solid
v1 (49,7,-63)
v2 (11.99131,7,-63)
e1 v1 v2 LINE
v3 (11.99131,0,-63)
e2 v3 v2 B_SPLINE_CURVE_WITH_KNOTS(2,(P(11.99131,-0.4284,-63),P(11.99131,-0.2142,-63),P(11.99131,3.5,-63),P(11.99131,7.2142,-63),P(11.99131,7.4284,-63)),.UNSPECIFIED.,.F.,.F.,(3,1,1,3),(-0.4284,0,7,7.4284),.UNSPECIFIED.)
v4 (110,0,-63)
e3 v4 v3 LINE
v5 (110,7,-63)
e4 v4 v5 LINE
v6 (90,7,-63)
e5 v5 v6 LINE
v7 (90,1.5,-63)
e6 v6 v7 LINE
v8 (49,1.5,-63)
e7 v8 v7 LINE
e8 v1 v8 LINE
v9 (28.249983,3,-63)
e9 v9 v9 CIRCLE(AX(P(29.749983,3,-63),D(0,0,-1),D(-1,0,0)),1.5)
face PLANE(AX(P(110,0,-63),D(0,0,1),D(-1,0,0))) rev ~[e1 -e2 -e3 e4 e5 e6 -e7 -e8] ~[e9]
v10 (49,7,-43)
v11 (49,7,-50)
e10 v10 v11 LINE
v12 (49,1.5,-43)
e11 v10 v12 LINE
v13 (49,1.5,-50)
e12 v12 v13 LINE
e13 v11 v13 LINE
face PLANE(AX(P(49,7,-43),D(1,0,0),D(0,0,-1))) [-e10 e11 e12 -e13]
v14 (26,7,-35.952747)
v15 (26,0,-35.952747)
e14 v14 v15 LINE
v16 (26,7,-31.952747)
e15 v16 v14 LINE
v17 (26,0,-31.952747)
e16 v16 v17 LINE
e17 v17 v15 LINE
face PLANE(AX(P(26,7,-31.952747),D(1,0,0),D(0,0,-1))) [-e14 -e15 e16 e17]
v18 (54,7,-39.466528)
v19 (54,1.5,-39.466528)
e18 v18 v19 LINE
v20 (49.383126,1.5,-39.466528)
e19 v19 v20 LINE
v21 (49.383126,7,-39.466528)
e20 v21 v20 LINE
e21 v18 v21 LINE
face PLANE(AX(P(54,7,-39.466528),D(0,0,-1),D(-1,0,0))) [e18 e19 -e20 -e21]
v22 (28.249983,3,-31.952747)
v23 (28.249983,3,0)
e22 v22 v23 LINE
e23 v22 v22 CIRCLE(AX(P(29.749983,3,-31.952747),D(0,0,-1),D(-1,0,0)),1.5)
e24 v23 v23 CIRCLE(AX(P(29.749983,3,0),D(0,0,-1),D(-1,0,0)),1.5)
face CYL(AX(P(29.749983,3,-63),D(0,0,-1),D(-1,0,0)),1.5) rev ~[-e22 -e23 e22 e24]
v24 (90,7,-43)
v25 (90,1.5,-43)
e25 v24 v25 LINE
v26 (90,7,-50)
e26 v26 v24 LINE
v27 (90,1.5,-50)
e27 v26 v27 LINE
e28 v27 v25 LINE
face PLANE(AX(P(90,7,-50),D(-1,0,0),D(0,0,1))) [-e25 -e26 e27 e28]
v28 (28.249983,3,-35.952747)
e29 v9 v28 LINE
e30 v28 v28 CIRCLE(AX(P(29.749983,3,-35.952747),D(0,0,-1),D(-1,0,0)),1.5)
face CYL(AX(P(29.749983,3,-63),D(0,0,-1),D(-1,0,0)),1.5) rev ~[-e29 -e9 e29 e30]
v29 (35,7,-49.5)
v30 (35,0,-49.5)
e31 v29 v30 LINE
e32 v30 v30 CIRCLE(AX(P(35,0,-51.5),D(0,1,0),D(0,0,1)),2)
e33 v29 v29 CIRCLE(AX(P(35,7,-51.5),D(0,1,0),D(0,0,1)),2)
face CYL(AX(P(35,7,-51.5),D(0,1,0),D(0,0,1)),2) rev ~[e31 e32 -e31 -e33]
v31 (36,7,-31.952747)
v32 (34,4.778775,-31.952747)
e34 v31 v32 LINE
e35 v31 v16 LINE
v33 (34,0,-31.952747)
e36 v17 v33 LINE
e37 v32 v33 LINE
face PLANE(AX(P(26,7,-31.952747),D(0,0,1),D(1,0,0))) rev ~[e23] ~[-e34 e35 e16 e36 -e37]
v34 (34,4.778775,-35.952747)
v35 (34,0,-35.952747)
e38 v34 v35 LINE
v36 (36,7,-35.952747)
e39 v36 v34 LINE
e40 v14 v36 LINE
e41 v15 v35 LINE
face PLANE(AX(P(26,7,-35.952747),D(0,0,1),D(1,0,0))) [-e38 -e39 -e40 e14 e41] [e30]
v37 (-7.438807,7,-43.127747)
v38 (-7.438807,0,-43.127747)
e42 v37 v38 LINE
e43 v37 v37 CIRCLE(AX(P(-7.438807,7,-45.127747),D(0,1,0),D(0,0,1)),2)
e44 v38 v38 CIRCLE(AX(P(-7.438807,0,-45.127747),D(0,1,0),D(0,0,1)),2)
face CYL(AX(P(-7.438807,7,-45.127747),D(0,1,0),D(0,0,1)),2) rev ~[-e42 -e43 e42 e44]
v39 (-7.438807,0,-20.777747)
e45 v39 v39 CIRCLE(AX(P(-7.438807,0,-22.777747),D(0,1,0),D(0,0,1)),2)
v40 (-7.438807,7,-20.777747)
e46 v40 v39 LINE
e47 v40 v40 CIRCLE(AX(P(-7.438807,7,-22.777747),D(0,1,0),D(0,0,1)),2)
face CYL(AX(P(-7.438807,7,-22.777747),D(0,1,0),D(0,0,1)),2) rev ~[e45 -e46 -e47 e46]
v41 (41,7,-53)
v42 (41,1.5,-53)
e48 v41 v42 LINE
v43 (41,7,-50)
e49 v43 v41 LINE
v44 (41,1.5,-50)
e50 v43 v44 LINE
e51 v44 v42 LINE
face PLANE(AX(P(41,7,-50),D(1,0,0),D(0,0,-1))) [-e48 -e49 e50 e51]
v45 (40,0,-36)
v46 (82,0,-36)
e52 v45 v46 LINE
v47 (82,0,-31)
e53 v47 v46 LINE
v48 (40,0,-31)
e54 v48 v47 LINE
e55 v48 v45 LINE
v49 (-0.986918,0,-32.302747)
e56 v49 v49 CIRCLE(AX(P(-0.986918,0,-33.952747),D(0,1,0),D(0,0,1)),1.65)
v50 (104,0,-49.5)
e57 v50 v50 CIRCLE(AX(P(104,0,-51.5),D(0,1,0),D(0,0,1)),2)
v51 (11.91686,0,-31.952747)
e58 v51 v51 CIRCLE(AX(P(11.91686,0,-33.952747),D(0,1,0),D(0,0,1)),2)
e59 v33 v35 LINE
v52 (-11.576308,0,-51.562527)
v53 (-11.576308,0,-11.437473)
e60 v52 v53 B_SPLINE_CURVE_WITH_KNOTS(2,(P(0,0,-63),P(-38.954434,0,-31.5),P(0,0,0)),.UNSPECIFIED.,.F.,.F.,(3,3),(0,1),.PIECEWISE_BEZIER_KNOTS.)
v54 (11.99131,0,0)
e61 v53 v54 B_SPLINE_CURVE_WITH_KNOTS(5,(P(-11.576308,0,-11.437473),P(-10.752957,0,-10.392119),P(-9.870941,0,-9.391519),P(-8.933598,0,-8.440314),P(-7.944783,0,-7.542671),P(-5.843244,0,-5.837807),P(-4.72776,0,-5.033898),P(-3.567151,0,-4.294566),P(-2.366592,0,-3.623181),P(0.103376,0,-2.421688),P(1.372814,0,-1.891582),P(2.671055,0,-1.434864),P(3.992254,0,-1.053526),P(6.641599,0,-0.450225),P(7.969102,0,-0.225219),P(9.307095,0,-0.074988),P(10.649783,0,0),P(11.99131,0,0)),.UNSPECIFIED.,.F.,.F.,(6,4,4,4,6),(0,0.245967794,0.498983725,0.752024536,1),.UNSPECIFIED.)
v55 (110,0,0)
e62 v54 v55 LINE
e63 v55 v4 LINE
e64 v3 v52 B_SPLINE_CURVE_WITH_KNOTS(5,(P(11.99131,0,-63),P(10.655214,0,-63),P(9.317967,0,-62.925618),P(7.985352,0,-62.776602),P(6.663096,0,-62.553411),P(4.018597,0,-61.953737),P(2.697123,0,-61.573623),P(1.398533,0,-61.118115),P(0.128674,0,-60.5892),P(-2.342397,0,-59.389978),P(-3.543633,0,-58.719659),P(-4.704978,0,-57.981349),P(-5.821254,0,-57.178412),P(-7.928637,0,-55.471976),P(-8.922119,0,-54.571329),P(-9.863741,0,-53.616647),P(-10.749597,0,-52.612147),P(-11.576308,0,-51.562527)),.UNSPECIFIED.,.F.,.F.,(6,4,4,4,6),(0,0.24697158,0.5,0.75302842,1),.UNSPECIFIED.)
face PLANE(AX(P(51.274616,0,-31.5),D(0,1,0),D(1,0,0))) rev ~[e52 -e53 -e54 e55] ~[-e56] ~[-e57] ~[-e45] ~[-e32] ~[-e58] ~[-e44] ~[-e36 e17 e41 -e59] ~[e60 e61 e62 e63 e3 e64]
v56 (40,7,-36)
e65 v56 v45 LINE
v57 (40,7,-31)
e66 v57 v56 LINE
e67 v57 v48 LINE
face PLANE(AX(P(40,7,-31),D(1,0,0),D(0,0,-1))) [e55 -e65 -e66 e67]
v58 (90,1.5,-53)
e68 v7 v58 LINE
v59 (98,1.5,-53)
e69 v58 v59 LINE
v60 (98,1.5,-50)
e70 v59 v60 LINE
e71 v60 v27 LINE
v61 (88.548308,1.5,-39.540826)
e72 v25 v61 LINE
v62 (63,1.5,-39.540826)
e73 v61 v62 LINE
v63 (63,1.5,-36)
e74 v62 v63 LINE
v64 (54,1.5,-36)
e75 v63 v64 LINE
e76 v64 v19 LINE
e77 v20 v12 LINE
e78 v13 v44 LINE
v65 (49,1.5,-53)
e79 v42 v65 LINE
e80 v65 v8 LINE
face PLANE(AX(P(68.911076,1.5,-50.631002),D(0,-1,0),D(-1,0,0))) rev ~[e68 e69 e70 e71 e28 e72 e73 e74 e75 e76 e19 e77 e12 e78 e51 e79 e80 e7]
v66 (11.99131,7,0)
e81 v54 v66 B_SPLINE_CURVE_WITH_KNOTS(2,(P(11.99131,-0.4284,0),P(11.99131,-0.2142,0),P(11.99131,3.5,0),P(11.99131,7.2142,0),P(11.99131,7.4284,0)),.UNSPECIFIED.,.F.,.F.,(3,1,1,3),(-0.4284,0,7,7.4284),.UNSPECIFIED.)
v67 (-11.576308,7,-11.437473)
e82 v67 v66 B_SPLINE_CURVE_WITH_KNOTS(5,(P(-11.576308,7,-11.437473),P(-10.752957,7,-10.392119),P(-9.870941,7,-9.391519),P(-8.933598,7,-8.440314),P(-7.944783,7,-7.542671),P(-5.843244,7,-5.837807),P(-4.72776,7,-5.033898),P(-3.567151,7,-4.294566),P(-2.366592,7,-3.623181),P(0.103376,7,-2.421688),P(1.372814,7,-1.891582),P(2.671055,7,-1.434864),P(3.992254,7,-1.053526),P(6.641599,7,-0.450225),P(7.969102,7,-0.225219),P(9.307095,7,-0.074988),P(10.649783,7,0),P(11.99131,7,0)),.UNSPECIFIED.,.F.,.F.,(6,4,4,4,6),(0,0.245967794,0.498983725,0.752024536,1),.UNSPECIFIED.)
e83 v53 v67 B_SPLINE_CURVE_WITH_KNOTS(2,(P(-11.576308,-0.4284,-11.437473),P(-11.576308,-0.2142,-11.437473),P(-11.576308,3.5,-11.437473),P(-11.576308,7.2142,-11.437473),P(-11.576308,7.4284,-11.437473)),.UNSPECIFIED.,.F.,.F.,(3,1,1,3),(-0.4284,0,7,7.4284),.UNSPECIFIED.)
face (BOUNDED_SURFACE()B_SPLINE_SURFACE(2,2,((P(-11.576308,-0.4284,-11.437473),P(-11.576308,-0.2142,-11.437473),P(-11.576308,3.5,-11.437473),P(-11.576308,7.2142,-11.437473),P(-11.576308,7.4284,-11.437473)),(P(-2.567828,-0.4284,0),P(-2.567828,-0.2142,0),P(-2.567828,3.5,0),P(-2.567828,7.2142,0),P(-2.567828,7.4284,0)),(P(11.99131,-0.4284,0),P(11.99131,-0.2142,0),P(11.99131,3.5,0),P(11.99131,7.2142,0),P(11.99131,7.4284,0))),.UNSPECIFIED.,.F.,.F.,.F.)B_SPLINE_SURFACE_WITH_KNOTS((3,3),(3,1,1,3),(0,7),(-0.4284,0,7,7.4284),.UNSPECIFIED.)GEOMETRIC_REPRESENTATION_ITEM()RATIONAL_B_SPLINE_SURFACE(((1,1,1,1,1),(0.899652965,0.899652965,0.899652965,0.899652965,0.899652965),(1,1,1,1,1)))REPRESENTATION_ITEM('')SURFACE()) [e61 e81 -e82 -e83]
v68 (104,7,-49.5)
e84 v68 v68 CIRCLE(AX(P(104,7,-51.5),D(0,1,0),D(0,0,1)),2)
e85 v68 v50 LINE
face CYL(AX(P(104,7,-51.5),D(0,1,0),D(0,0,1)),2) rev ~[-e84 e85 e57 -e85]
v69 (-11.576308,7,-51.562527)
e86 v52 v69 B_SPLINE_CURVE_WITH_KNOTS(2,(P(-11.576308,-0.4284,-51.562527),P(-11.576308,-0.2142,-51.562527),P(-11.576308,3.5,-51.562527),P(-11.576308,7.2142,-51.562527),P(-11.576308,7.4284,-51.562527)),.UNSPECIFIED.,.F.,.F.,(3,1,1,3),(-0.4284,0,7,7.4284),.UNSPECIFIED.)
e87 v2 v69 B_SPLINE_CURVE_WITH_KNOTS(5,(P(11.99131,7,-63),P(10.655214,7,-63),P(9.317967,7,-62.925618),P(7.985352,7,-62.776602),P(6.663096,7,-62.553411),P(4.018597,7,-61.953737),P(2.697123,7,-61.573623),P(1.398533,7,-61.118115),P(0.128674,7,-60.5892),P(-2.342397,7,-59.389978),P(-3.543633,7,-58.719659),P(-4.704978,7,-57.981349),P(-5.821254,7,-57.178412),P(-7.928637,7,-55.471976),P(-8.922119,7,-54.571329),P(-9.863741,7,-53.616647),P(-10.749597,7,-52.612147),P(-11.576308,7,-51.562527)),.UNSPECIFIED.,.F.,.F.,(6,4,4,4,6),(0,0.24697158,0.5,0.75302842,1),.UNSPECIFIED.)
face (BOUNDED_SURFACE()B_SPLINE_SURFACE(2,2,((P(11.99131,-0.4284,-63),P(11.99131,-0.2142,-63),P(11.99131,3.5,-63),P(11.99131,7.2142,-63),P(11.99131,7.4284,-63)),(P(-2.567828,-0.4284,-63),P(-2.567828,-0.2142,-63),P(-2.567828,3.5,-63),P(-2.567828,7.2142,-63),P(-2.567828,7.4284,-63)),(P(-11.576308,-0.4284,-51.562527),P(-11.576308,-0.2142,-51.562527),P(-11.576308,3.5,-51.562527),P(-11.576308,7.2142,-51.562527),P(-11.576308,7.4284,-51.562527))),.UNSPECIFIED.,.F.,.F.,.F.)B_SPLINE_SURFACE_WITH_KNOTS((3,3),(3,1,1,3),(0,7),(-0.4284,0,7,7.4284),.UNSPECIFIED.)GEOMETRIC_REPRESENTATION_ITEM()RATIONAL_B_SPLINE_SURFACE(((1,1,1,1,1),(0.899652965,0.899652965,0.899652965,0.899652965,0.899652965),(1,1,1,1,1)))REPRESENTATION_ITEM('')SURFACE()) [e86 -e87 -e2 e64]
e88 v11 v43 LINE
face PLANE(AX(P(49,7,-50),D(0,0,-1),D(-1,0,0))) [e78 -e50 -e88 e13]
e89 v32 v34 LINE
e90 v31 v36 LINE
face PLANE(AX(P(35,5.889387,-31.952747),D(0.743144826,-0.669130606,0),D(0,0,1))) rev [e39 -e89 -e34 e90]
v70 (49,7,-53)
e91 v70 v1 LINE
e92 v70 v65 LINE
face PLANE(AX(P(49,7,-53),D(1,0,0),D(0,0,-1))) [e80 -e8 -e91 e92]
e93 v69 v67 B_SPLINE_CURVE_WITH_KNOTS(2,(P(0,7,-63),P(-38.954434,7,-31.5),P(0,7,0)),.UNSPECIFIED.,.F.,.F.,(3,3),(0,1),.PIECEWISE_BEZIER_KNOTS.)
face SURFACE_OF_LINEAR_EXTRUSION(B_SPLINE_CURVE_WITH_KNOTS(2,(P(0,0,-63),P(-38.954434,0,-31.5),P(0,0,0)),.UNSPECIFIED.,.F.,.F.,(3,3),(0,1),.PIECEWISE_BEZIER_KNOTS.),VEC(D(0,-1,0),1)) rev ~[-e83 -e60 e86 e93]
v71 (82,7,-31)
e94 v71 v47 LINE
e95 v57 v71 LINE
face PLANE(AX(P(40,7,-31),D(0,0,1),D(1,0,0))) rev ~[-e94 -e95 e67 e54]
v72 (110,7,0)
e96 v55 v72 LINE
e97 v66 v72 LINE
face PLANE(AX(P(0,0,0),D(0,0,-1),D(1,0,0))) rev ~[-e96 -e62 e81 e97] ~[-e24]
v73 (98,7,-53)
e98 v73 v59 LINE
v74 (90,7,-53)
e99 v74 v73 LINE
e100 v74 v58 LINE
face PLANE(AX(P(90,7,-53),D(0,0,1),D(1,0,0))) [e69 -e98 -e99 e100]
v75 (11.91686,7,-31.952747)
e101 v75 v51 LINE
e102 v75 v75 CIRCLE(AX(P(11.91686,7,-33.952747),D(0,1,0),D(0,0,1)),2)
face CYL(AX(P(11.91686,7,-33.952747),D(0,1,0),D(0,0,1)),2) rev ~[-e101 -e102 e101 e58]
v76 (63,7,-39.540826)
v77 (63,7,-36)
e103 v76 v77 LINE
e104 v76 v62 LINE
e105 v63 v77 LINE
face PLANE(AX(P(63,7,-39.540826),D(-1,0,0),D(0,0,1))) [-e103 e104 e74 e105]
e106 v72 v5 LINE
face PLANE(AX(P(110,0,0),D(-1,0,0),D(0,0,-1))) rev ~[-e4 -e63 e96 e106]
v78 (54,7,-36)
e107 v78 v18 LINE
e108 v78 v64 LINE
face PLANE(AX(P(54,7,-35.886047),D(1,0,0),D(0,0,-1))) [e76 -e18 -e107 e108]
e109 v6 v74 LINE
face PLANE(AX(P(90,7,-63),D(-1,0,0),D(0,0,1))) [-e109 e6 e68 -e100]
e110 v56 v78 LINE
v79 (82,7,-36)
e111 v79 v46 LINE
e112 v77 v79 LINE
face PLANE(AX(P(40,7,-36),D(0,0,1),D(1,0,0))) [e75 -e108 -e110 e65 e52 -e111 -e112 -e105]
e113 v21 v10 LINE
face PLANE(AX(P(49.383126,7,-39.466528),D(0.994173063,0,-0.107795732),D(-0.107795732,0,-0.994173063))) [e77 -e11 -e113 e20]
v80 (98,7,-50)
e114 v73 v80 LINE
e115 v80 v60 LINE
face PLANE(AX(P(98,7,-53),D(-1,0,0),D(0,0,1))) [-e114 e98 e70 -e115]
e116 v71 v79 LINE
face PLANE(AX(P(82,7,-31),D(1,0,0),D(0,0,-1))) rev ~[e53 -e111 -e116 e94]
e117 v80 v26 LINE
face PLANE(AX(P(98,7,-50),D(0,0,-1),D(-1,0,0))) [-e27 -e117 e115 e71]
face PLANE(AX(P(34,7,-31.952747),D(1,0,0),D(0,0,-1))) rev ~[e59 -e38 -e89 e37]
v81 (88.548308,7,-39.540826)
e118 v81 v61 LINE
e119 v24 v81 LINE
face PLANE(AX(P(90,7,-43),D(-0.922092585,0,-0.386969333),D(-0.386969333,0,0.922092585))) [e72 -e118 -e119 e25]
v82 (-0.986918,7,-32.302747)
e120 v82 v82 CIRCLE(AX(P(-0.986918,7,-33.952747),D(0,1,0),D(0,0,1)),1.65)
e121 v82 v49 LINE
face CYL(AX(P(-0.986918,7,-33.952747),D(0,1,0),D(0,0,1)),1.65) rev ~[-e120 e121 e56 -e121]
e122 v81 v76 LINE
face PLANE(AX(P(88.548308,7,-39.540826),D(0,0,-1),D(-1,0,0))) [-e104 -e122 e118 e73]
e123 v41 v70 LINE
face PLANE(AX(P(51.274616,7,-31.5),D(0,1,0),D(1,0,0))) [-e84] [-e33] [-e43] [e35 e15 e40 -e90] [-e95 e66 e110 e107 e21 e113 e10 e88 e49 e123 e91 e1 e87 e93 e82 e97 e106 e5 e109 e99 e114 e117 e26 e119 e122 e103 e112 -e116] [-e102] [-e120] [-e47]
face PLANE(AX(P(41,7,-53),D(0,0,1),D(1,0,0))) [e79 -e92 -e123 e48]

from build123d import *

# Parameters (mm, degrees)
BOSS_EXTRU_1_DEPTH      = 7
ENL_V_MAT_EXTRU_1_DEPTH = 5.5
ESQUISSE3_W             = 42
ESQUISSE3_H             = 5
ENL_V_MAT_EXTRU_2_DEPTH = 7
ESQUISSE4_R             = 2
ENL_V_MAT_EXTRU_3_DEPTH = 7
ESQUISSE5_W             = 8
ESQUISSE5_H             = 4
ENL_V_MAT_EXTRU_4_DEPTH = 7
CHANFREIN1_SIZE         = 2
CHANFREIN1_SIZE2        = 2.22122503
ESQUISSE6_R             = 2
ESQUISSE6_R_2           = 1.65
ENL_V_MAT_EXTRU_5_DEPTH = 7
ESQUISSE7_R             = 1.5
ENL_V_MAT_EXTRU_6_DEPTH = 67
CONG_1_R                = 30


with BuildPart() as part:
    # Esquisse1 → Boss.-Extru.1 (new body)
    with BuildSketch(Plane(origin=(0, 0, 0), x_dir=(1, 0, 0), z_dir=(0, 1, 0))):
        with BuildLine():
            Line((0, 0), (110, 0))
            Line((110, 0), (110, 63))
            Line((110, 63), (0, 63))
            add(Edge.make_bspline(
                [(0, 63), (-38.954434005, 31.5), (0, 0)],
                knots=[0, 0, 0, 1, 1, 1], degree=2))
        make_face()
    extrude(amount=BOSS_EXTRU_1_DEPTH)

    # Esquisse2 → Enlèv. mat.-Extru.1 (cut)
    with BuildSketch(Plane(origin=(0, 7, 0), x_dir=(1, 0, 0), z_dir=(0, 1, 0))):
        Polygon((90, 63), (90, 53), (98, 53), (98, 50), (90, 50), (90, 43), (88.548308046, 39.540825664), (63, 39.540825664), (63, 35.886046781), (54, 35.886046781), (54, 39.466527525), (49.383125702, 39.466527525), (49, 43), (49, 50), (41, 50), (41, 53), (49, 53), (49, 63), align=None)
    extrude(amount=-ENL_V_MAT_EXTRU_1_DEPTH, mode=Mode.SUBTRACT)

    # Esquisse3 → Enlèv. mat.-Extru.2 (cut)
    with BuildSketch(Plane(origin=(0, 7, 0), x_dir=(1, 0, 0), z_dir=(0, 1, 0))):
        with Locations((61, 33.5)):
            Rectangle(ESQUISSE3_W, ESQUISSE3_H)
    extrude(amount=-ENL_V_MAT_EXTRU_2_DEPTH, mode=Mode.SUBTRACT)

    # Esquisse4 → Enlèv. mat.-Extru.3 (cut)
    with BuildSketch(Plane(origin=(0, 7, 0), x_dir=(1, 0, 0), z_dir=(0, 1, 0))):
        with Locations(Location((104, 51.5, 0), (0, 0, 270))):
            Circle(ESQUISSE4_R)
        with Locations(Location((35, 51.5, 0), (0, 0, 270))):
            Circle(ESQUISSE4_R)
    extrude(amount=-ENL_V_MAT_EXTRU_3_DEPTH, mode=Mode.SUBTRACT)

    # Esquisse5 → Enlèv. mat.-Extru.4 (cut)
    with BuildSketch(Plane(origin=(0, 7, 0), x_dir=(1, 0, 0), z_dir=(0, 1, 0))):
        with Locations((30, 33.95274738)):
            Rectangle(ESQUISSE5_W, ESQUISSE5_H)
    extrude(amount=-ENL_V_MAT_EXTRU_4_DEPTH, mode=Mode.SUBTRACT)

    # Chanfrein1
    chanfrein1_edges = [part.edges().sort_by_distance(p)[0] for p in [
        (34, 7, -33.95274738),
    ]]
    chanfrein1_side = [part.faces().sort_by_distance(p)[0] for p in [
        (44.621272822, 7, -28.216818426),
    ]]
    chamfer(chanfrein1_edges, length=CHANFREIN1_SIZE, length2=CHANFREIN1_SIZE2, reference=chanfrein1_side[0])

    # Esquisse6 → Enlèv. mat.-Extru.5 (cut)
    with BuildSketch(Plane(origin=(0, 7, 0), x_dir=(1, 0, 0), z_dir=(0, 1, 0))):
        with Locations(Location((11.916860307, 33.95274738, 0), (0, 0, 270))):
            Circle(ESQUISSE6_R)
        with Locations(Location((-7.438807468, 45.12774738, 0), (0, 0, 270))):
            Circle(ESQUISSE6_R)
        with Locations(Location((-7.438807468, 22.77774738, 0), (0, 0, 270))):
            Circle(ESQUISSE6_R)
        with Locations(Location((-0.986918209, 33.95274738, 0), (0, 0, 270))):
            Circle(ESQUISSE6_R_2)
    extrude(amount=-ENL_V_MAT_EXTRU_5_DEPTH, mode=Mode.SUBTRACT)

    # Esquisse7 → Enlèv. mat.-Extru.6 (cut)
    with BuildSketch(Plane(origin=(0, 0, -63), x_dir=(-1, 0, 0), z_dir=(0, 0, -1))):
        with Locations((-29.749983128, 3)):
            Circle(ESQUISSE7_R)
    extrude(amount=-ENL_V_MAT_EXTRU_6_DEPTH, mode=Mode.SUBTRACT)

    # Congé1
    cong_1_edges = [part.edges().sort_by_distance(p)[0] for p in [
        (0, 3.5, 0),
        (0, 3.5, -63),
    ]]
    fillet(cong_1_edges, radius=CONG_1_R)


solid = part.part
